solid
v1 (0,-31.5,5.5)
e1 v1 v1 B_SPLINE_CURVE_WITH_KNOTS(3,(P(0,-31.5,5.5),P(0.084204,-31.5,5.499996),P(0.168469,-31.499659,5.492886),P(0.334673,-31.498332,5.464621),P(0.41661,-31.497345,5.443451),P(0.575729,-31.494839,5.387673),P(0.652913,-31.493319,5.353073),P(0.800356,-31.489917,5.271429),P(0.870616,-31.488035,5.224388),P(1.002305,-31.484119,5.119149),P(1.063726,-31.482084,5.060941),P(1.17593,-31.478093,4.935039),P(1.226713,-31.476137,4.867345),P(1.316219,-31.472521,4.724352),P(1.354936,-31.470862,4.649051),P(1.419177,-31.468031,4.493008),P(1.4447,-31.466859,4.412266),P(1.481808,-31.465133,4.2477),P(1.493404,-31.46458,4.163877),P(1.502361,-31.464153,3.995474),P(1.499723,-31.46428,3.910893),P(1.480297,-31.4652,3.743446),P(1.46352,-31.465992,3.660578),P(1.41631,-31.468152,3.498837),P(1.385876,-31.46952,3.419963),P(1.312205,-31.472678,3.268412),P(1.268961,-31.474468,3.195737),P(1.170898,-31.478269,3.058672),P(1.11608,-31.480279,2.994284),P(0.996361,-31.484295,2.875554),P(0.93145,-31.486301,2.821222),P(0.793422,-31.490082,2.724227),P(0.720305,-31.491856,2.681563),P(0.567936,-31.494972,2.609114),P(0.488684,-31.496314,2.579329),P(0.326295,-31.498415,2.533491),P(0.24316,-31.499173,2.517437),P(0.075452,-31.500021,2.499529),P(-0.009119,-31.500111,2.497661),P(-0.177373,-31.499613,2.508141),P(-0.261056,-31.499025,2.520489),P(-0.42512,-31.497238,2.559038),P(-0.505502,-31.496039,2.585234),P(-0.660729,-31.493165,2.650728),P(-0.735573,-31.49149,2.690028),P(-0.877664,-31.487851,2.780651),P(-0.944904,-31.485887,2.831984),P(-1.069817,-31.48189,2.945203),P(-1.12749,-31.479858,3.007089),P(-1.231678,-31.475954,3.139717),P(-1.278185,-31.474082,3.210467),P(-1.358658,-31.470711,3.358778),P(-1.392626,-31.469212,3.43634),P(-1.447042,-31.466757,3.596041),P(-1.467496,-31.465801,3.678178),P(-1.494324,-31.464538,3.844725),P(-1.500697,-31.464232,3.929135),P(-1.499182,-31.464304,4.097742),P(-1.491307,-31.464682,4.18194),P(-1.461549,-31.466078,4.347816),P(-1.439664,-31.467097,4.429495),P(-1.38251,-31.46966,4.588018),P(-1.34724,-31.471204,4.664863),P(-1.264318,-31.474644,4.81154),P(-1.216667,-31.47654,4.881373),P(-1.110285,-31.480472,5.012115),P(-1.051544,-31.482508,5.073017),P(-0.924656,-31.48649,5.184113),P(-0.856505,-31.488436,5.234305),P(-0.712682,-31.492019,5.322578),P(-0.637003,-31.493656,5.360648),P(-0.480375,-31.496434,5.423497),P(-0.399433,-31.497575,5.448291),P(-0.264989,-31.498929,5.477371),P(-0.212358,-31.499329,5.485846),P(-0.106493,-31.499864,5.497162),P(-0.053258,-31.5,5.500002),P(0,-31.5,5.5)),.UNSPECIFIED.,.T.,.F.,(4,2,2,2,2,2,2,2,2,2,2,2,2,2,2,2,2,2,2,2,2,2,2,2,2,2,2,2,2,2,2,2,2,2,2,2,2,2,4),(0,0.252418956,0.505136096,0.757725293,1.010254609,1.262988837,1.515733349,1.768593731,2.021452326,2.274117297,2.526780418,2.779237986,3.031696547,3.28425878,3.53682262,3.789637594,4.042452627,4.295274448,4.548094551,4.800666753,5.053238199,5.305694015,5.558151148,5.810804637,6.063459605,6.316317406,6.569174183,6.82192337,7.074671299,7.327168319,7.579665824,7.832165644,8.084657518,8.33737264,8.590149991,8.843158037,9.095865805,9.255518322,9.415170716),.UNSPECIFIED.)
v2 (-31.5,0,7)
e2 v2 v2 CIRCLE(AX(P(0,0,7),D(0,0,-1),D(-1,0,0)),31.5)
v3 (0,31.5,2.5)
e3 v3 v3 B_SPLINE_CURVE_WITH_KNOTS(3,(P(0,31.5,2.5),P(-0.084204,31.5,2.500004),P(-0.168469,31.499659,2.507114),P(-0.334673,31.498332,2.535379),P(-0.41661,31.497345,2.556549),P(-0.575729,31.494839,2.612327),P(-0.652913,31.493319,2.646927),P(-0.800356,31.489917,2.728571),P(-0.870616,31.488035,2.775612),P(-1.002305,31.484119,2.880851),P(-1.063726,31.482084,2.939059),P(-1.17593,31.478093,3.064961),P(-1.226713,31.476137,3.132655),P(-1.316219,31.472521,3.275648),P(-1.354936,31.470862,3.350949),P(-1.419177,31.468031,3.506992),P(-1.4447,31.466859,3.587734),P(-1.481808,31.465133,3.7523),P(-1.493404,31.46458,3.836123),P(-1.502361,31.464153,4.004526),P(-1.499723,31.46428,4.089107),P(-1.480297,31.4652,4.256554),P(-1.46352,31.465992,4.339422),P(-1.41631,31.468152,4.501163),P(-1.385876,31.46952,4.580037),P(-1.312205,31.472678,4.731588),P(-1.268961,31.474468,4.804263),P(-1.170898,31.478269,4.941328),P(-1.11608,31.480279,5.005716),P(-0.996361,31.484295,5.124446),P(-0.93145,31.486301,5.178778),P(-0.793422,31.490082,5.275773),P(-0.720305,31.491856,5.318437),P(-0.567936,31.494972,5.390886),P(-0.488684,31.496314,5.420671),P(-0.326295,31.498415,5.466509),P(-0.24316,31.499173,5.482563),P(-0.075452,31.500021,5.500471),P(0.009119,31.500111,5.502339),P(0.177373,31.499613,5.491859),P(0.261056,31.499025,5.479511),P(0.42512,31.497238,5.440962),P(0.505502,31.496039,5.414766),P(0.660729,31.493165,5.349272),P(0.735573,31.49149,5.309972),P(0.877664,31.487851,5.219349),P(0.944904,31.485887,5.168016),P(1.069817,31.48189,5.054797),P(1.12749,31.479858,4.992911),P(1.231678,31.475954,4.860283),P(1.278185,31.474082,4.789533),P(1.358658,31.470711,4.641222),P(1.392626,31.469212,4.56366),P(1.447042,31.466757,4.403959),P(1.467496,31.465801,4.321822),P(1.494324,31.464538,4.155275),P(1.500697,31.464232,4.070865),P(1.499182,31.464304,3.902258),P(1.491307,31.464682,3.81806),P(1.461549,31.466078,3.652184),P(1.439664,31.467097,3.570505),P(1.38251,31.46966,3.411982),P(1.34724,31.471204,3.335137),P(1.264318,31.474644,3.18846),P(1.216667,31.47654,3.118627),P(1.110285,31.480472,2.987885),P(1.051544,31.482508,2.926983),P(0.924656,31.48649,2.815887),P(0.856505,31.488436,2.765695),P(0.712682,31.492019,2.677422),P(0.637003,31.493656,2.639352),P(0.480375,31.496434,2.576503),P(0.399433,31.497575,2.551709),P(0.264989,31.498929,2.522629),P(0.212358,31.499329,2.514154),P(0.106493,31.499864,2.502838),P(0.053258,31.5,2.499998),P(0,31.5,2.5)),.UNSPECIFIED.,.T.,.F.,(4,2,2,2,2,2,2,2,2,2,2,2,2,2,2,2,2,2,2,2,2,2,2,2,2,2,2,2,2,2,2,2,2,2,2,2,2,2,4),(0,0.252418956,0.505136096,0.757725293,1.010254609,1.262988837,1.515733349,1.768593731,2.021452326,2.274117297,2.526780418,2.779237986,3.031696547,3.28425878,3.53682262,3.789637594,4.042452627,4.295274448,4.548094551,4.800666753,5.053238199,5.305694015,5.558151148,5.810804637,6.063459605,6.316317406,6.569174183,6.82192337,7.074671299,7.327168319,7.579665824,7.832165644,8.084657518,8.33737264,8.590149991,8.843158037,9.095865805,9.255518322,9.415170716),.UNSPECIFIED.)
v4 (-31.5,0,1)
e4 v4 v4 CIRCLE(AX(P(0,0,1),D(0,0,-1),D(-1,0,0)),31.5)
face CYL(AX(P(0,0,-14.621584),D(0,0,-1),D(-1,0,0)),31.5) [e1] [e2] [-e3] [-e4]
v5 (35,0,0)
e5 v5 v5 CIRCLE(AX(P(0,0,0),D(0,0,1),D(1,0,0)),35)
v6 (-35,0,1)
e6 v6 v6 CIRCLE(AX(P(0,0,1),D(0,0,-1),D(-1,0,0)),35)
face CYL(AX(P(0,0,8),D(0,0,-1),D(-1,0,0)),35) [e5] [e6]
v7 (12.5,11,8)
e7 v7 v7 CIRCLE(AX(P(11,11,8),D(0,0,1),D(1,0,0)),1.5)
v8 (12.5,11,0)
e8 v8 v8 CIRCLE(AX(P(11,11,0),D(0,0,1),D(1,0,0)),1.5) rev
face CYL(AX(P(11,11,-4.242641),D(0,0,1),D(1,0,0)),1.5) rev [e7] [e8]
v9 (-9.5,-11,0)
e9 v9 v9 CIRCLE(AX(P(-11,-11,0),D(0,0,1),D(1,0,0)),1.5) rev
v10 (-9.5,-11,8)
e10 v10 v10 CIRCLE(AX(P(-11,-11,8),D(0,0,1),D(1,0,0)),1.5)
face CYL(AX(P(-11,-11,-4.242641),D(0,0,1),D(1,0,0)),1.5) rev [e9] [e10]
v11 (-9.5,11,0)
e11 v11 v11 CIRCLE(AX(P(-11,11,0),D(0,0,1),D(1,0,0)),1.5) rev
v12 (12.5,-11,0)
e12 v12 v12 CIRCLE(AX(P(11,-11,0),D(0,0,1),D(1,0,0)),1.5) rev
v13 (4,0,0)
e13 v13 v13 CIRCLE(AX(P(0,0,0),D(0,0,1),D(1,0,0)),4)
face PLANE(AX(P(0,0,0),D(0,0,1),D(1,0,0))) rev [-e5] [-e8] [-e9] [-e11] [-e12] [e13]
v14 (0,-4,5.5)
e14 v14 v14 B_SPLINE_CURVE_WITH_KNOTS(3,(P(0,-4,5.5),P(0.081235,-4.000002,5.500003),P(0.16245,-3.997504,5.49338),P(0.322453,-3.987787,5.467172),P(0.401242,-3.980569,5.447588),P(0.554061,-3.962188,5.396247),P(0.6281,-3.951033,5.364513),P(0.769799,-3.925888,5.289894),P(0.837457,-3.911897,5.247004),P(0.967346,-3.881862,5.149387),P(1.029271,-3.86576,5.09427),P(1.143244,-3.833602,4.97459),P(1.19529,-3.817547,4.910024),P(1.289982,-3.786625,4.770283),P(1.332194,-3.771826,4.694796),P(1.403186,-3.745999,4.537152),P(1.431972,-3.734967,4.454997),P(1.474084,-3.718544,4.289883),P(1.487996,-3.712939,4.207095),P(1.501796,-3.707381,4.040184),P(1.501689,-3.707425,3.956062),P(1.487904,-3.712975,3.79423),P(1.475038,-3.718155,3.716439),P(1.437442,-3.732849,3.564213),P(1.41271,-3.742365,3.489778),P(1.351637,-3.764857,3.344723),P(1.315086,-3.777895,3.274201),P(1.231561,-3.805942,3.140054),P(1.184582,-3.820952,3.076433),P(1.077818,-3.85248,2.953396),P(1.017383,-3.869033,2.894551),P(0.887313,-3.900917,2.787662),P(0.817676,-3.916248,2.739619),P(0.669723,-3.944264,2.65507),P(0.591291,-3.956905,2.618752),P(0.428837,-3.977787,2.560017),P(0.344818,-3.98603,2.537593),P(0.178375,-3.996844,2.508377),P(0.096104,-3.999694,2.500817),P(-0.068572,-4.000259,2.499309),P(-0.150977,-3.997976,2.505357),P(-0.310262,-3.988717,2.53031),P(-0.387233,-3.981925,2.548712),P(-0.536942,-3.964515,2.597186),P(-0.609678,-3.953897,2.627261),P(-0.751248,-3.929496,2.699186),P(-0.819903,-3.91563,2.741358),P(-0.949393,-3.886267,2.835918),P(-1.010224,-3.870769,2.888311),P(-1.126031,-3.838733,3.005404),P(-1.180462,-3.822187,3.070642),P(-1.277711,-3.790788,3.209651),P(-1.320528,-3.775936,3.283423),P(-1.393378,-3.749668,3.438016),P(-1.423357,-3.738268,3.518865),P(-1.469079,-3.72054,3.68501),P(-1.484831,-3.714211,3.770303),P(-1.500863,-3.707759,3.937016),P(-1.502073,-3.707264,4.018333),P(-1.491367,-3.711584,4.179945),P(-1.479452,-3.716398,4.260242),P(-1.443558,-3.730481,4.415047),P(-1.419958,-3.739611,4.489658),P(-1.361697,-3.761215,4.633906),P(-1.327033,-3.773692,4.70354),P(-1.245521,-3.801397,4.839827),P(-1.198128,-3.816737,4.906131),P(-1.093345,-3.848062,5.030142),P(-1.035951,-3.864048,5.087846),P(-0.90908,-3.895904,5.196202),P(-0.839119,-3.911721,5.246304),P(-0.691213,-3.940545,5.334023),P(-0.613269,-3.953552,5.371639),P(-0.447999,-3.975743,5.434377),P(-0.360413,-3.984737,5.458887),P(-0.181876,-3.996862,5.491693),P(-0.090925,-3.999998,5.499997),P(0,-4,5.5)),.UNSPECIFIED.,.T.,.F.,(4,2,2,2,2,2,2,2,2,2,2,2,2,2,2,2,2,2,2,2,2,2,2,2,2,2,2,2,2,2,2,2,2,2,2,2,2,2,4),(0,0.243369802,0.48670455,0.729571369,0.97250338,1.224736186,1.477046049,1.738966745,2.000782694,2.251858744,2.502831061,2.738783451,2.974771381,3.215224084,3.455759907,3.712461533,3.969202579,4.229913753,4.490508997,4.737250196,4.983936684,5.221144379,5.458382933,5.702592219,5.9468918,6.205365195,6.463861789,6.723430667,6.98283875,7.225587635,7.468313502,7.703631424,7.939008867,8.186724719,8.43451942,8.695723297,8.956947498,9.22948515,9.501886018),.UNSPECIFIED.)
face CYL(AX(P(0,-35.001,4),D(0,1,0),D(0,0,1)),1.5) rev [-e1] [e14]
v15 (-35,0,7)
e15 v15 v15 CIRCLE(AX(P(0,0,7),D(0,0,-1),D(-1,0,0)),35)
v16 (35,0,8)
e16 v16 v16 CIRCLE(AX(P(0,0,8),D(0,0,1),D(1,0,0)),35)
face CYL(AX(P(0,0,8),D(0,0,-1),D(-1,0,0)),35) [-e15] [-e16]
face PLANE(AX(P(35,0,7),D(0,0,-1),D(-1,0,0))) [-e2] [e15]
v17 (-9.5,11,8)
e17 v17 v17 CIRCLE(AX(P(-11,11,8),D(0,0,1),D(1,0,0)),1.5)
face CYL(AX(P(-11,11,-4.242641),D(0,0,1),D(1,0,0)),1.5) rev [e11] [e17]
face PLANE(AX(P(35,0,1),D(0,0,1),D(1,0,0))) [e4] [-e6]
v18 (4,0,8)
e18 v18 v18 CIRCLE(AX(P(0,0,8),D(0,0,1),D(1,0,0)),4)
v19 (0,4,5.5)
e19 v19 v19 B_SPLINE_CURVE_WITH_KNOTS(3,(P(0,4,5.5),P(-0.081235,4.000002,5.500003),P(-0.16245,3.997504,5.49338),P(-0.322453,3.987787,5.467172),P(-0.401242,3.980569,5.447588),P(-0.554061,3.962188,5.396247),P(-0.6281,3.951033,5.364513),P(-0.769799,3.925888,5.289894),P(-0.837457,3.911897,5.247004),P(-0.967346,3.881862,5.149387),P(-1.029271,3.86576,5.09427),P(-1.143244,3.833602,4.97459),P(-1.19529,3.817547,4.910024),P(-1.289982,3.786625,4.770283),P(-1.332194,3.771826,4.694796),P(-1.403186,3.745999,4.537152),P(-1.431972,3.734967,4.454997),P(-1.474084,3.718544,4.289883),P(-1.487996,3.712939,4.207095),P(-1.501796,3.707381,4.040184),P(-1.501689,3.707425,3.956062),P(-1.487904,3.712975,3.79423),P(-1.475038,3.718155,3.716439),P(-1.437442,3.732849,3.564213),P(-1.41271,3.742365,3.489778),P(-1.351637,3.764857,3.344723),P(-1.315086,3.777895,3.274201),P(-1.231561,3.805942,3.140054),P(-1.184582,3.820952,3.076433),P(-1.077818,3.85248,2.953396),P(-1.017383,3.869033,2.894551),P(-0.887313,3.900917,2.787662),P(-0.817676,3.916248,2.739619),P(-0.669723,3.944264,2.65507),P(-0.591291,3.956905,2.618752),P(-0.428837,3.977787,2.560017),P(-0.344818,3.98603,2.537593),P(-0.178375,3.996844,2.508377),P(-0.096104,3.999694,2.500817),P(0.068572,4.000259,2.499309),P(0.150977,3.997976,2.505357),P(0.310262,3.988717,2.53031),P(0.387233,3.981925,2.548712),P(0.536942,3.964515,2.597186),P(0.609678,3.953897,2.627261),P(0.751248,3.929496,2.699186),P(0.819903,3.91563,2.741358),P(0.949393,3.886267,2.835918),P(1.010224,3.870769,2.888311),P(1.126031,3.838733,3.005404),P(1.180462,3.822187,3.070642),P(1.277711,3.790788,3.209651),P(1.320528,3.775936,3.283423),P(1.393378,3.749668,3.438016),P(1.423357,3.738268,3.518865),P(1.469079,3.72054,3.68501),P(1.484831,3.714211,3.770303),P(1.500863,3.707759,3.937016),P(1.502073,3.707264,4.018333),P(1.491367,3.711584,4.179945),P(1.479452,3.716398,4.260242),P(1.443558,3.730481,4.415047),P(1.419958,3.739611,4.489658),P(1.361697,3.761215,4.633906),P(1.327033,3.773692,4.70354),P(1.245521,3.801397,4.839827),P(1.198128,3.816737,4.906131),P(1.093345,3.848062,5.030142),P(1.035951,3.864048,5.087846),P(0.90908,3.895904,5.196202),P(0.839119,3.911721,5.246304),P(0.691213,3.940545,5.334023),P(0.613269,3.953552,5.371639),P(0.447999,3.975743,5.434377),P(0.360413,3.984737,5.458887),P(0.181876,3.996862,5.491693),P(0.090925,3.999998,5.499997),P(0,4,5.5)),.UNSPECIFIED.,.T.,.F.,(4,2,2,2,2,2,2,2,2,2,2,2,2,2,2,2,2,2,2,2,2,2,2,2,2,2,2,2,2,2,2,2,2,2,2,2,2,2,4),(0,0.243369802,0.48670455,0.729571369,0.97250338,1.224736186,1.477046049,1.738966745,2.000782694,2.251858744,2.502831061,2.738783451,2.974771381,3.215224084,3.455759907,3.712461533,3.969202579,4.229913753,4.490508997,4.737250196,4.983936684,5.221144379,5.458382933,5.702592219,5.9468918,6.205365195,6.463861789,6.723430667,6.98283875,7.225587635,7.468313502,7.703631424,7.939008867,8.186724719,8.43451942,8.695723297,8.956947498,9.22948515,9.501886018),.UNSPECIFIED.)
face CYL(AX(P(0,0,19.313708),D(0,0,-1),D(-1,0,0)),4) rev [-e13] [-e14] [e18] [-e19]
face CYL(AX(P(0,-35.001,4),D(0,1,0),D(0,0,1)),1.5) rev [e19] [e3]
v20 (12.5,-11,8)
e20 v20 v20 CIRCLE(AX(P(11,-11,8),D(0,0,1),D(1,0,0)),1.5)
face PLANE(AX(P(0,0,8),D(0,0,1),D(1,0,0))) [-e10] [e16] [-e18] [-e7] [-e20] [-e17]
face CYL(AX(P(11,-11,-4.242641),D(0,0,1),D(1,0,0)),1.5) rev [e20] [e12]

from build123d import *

# Parameters (mm, degrees)
SKETCH1_R                                       = 35
PULLEY_BOSS_EXTRUDE1_DEPTH                      = 8
SKETCH2_W                                       = 3.5
SKETCH2_H                                       = 6
SKETCH3_R                                       = 4
SHAFT_CUT_EXTRUDE1_DEPTH                        = 8
SPRINT_HOLE_CUT_EXTRUDE2_REACH                  = 52.14
SPRINT_HOLE_CUT_EXTRUDE2_END_RADIUS             = 31.5
SKETCH4_R                                       = 1.5
SPRINT_HOLE_CUT_EXTRUDE2_DIRECTION_2_REACH      = 52.14
SPRINT_HOLE_CUT_EXTRUDE2_DIRECTION_2_END_RADIUS = 31.5
SKETCH5_R                                       = 1.5
ARM_DISTANS_MOUNTING_HOLES_CUT_EXTRUDE1_DEPTH   = 8


with BuildPart() as part:
    # Sketch1 → Pulley Boss-Extrude1 (new body)
    with BuildSketch(Plane.XY):
        Circle(SKETCH1_R)
    extrude(amount=PULLEY_BOSS_EXTRUDE1_DEPTH)

    # Sketch2 → Belt Cut-Revolve3 (revolve, cut)
    with BuildSketch(Plane(origin=(0, 0, 0), x_dir=(1, 0, 0), z_dir=(0, 1, 0)), mode=Mode.PRIVATE) as belt_cut_revolve3_sk:
        with Locations((33.25, -4)):
            Rectangle(SKETCH2_W, SKETCH2_H)
    revolve(belt_cut_revolve3_sk.sketch.rotate(Axis((0, 0, -14.62158436), (0, 0, 1)), 180), axis=Axis((0, 0, -14.62158436), (0, 0, 1)), mode=Mode.SUBTRACT)

    # Sketch3 → Shaft Cut-Extrude1 (cut)
    with BuildSketch(Plane.XY):
        with Locations(Location((0, 0, 0), (0, 0, 180))):
            Circle(SKETCH3_R)
    extrude(amount=SHAFT_CUT_EXTRUDE1_DEPTH, mode=Mode.SUBTRACT)

    # Sprint Hole Cut-Extrude2: up to this cylinder (the profile starts inside it)
    sprint_hole_cut_extrude2_end = Plane(origin=(0, 0, 4), z_dir=(0, 0, -1)) * Cylinder(SPRINT_HOLE_CUT_EXTRUDE2_END_RADIUS, 168.28, mode=Mode.PRIVATE)
    # Sketch4 → Sprint Hole Cut-Extrude2 (cut, up to the surface)
    with BuildSketch(Plane(origin=(0, 0, 0), x_dir=(1, 0, 0), z_dir=(0, 1, 0)), mode=Mode.PRIVATE) as sprint_hole_cut_extrude2_sk1:
        with Locations(Location((0, -4, 0), (0, 0, 270))):
            Circle(SKETCH4_R)
    sprint_hole_cut_extrude2_tool1 = extrude(sprint_hole_cut_extrude2_sk1.sketch, amount=-SPRINT_HOLE_CUT_EXTRUDE2_REACH, mode=Mode.PRIVATE) & sprint_hole_cut_extrude2_end
    add(sprint_hole_cut_extrude2_tool1.solids().sort_by_distance((0, 0, 4))[0], mode=Mode.SUBTRACT)

    # Sprint Hole Cut-Extrude2 direction 2: up to this cylinder (the profile starts inside it)
    sprint_hole_cut_extrude2_direction_2_end = Plane(origin=(0, 0, 4), z_dir=(0, 0, -1)) * Cylinder(SPRINT_HOLE_CUT_EXTRUDE2_DIRECTION_2_END_RADIUS, 168.28, mode=Mode.PRIVATE)
    # Sketch4 → Sprint Hole Cut-Extrude2 direction 2 (cut, up to the surface)
    with BuildSketch(Plane(origin=(0, 0, 0), x_dir=(1, 0, 0), z_dir=(0, 1, 0)), mode=Mode.PRIVATE) as sprint_hole_cut_extrude2_direction_2_sk1:
        with Locations(Location((0, -4, 0), (0, 0, 270))):
            Circle(SKETCH4_R)
    sprint_hole_cut_extrude2_direction_2_tool1 = extrude(sprint_hole_cut_extrude2_direction_2_sk1.sketch, amount=SPRINT_HOLE_CUT_EXTRUDE2_DIRECTION_2_REACH, mode=Mode.PRIVATE) & sprint_hole_cut_extrude2_direction_2_end
    add(sprint_hole_cut_extrude2_direction_2_tool1.solids().sort_by_distance((0, 0, 4))[0], mode=Mode.SUBTRACT)

    # Sketch5 → Arm Distans Mounting Holes Cut-Extrude1 (cut)
    with BuildSketch(Plane.XY.offset(8)):
        with Locations((11, 11)):
            Circle(SKETCH5_R)
        with Locations((-11, 11)):
            Circle(SKETCH5_R)
        with Locations((-11, -11)):
            Circle(SKETCH5_R)
        with Locations((11, -11)):
            Circle(SKETCH5_R)
    extrude(amount=-ARM_DISTANS_MOUNTING_HOLES_CUT_EXTRUDE1_DEPTH, mode=Mode.SUBTRACT)


solid = part.part
